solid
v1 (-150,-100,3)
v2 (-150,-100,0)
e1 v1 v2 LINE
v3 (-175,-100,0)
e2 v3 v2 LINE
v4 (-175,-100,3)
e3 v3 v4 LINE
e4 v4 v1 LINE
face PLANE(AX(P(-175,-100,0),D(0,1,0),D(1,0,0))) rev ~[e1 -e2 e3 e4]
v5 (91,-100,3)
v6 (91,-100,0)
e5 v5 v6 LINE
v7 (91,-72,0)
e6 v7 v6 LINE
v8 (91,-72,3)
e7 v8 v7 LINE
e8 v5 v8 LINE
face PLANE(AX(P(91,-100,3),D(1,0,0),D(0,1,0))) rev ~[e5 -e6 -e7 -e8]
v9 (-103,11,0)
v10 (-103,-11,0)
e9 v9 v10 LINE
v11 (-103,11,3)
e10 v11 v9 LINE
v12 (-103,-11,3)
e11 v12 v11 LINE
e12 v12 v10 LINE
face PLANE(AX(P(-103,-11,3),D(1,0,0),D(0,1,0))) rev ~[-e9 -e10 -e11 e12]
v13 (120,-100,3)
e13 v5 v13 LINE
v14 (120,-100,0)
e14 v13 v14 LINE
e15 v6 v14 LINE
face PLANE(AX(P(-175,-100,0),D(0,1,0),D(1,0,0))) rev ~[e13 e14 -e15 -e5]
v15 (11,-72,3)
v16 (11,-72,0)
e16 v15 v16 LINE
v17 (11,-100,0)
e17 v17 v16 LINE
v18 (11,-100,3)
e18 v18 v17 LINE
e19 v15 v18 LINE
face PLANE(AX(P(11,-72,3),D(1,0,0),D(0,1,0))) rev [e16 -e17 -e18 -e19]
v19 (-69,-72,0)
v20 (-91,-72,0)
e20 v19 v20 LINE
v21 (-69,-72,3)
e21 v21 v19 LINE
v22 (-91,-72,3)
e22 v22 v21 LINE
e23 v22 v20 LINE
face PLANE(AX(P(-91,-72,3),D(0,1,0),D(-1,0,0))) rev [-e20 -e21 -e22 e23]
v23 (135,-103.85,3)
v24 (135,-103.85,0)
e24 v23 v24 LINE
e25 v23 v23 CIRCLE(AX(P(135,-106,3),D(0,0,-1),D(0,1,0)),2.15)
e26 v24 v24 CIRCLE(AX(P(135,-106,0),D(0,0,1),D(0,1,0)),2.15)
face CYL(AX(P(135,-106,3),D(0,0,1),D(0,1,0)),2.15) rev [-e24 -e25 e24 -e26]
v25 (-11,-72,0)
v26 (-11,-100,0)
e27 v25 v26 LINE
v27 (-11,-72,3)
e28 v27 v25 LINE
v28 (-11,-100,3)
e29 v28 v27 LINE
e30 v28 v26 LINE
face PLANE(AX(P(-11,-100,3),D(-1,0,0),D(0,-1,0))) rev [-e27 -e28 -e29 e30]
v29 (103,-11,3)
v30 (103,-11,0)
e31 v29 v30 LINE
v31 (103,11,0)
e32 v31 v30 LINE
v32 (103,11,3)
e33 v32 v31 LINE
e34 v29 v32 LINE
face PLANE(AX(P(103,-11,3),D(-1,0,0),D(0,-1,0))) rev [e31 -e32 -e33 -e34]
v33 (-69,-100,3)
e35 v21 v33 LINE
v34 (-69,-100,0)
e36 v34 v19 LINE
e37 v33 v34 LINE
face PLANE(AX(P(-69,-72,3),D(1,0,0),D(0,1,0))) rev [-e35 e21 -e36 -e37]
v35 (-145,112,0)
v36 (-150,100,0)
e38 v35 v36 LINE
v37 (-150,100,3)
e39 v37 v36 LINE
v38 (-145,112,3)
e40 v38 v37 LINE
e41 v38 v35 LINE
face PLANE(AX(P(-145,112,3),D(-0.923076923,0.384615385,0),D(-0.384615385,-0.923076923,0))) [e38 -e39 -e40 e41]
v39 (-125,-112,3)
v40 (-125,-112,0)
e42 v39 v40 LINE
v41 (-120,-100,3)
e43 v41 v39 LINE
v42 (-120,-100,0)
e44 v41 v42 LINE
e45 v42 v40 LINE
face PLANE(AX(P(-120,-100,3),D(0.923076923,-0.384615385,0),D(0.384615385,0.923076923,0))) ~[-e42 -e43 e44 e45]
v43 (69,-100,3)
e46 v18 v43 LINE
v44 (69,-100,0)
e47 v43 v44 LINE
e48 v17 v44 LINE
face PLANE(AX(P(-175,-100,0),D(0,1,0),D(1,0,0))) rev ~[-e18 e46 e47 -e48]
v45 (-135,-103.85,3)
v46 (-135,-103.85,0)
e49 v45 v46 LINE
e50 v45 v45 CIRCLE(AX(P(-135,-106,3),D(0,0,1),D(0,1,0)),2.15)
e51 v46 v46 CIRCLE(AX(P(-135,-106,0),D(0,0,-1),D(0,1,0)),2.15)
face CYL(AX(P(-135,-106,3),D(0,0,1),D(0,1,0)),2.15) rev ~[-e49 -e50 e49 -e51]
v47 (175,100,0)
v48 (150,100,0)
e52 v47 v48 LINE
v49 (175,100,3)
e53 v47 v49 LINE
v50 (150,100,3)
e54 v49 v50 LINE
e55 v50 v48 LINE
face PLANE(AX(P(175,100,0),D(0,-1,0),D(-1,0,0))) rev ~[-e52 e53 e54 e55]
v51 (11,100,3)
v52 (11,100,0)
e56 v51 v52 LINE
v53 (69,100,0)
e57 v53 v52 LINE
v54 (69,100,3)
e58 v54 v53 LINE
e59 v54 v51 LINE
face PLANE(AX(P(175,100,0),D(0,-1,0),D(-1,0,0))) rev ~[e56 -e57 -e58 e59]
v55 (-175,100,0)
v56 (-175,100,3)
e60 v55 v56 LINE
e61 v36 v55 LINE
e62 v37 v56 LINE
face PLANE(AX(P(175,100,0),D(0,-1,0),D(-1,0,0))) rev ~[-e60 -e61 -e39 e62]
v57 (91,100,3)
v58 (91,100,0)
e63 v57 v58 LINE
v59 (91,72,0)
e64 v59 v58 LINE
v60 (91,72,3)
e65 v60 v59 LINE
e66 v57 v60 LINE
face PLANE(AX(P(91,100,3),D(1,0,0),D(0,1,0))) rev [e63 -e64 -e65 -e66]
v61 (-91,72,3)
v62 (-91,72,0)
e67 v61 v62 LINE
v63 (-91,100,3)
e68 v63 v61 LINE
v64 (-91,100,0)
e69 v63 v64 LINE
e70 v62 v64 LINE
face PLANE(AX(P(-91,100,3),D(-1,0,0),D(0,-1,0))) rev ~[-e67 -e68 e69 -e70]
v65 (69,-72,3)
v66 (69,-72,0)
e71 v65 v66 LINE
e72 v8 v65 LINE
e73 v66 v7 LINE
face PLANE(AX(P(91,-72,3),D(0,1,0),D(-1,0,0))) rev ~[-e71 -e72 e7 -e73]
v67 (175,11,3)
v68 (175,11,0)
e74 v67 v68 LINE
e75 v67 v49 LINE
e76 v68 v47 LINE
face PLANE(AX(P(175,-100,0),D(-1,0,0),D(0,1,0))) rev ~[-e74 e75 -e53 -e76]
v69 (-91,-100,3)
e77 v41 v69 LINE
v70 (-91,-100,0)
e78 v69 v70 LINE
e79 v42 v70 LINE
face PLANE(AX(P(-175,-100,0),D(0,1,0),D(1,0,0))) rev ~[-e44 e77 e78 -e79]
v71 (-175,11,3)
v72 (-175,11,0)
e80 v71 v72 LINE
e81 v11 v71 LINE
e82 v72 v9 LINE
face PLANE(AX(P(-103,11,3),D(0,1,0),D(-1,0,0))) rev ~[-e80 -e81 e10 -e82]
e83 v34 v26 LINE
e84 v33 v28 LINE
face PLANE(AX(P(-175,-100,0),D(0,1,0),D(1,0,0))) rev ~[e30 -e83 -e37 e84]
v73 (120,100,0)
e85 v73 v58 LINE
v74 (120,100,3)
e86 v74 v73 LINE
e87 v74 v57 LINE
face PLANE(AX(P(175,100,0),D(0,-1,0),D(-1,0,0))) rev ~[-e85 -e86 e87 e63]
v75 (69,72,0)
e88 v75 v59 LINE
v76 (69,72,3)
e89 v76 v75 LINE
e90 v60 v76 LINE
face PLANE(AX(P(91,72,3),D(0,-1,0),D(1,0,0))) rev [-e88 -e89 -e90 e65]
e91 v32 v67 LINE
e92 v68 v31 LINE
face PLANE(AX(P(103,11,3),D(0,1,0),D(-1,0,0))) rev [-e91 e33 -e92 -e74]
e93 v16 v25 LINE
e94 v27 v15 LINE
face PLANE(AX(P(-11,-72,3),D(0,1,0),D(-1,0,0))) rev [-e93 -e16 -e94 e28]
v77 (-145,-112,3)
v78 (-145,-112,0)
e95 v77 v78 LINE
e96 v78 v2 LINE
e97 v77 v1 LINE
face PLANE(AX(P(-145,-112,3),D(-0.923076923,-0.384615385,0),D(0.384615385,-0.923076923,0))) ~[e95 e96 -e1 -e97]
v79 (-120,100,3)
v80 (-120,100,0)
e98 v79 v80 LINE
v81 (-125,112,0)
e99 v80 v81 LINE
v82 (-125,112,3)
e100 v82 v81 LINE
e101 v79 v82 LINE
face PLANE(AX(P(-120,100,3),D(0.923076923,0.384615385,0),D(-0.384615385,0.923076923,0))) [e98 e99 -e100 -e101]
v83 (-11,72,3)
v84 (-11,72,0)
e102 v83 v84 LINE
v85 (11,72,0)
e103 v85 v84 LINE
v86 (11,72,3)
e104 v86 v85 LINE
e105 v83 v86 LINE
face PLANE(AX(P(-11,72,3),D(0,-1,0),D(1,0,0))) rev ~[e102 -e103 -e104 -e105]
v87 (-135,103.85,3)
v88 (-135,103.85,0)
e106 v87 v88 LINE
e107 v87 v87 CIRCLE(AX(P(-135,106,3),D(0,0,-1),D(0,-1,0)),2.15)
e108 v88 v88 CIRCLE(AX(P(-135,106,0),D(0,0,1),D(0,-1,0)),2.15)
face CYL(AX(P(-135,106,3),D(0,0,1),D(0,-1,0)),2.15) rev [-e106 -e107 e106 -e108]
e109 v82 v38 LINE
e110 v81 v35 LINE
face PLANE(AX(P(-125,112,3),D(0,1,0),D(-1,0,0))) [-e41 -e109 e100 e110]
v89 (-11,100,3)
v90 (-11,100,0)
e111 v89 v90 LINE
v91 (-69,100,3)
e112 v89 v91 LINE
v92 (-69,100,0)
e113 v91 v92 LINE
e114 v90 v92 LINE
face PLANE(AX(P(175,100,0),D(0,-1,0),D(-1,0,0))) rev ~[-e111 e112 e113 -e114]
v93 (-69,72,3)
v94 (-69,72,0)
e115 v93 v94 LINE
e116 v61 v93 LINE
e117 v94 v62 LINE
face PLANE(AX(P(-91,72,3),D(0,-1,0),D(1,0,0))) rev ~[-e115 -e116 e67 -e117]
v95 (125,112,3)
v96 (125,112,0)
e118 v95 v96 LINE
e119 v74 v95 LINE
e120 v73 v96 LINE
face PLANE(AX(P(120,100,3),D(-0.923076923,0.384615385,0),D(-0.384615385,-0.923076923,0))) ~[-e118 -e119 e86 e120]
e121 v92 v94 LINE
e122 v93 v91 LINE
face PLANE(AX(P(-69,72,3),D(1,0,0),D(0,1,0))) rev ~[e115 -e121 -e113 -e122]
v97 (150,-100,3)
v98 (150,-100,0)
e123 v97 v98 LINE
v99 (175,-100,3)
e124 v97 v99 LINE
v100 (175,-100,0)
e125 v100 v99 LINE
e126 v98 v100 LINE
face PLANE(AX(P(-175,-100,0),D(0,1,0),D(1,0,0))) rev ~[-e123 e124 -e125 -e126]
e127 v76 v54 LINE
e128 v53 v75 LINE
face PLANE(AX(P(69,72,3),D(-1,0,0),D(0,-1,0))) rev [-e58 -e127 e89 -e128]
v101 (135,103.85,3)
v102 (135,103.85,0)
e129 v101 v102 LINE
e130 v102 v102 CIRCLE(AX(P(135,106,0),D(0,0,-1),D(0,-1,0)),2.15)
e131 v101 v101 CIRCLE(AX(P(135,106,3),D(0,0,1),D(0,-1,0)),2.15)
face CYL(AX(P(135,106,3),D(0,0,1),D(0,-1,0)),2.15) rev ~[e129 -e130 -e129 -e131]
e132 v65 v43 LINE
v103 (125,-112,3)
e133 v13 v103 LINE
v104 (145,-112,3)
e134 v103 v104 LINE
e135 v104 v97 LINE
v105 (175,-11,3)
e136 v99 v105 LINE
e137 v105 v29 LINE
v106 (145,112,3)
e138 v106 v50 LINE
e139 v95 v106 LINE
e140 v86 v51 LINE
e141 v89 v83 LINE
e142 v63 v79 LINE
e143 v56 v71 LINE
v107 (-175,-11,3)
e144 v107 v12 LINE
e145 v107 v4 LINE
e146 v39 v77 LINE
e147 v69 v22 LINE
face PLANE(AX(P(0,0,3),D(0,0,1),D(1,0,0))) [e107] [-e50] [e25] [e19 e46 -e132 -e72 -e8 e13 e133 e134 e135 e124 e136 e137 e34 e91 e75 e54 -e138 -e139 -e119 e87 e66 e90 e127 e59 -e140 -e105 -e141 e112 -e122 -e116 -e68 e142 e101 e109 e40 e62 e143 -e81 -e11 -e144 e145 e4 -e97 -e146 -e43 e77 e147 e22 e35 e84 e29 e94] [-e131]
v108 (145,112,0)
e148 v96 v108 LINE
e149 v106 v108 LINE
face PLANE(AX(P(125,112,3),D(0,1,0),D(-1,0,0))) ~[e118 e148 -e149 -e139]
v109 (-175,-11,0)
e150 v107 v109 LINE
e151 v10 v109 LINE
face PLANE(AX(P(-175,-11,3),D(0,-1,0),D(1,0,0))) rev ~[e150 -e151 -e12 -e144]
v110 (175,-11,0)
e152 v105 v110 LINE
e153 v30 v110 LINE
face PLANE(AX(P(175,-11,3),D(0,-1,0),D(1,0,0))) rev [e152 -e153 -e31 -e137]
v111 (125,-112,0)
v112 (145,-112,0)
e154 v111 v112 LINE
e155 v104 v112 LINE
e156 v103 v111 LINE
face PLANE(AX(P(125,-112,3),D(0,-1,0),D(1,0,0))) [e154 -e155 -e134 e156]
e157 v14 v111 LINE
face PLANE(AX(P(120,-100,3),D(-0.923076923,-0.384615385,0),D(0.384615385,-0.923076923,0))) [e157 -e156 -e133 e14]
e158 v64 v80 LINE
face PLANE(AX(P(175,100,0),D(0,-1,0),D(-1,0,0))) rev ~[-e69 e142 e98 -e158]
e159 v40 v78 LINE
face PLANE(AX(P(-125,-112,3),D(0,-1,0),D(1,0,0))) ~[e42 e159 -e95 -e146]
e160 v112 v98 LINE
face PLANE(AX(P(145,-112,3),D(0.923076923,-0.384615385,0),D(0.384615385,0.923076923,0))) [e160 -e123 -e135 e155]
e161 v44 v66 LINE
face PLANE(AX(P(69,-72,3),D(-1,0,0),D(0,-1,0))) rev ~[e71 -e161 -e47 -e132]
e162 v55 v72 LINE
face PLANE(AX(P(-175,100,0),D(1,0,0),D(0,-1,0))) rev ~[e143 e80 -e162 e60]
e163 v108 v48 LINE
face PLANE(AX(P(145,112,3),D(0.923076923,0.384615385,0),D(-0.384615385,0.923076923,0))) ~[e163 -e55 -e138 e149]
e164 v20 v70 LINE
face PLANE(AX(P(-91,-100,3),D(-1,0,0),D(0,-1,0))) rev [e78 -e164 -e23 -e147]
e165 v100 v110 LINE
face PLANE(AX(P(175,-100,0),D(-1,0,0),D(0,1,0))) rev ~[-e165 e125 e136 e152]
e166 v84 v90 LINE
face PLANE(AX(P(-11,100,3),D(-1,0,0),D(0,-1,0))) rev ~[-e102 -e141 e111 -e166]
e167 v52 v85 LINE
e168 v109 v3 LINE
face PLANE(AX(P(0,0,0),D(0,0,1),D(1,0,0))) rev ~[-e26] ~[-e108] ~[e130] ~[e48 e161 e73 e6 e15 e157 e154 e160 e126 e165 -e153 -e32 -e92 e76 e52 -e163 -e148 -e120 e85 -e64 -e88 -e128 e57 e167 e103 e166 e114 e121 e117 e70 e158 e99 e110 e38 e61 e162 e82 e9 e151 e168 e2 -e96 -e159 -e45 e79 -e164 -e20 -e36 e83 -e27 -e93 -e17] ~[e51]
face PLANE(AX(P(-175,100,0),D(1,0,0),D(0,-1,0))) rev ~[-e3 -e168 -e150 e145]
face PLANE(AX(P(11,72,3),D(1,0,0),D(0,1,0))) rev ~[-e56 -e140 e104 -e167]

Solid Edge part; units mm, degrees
sketch "Sketch1" plane through (0, 0, 0) normal (0, 0, 1) x (1, 0, 0)
  line L0 (-175, -100) -> (175, -100)
  line L1 (175, -100) -> (175, 100)
  line L2 (175, 100) -> (-175, 100)
  line L3 (-175, 100) -> (-175, -100)
  dimension "D1" = 200
  dimension "D2" = 350
extrude "Protrusion1" add sketch "Sketch1" along normal blind 3
sketch "Sketch2" plane through (0, 0, 3) normal (0, 0, 1) x (1, 0, 0)
  line L0 (-69, 100) -> (-91, 100)
  line L1 (-91, 100) -> (-91, 72)
  line L2 (-91, 72) -> (-69, 72)
  line L3 (-69, 72) -> (-69, 100)
  line L4 (-11, 72) -> (11, 72)
  line L5 (11, 72) -> (11, 100)
  line L6 (11, 100) -> (-11, 100)
  line L7 (-11, 100) -> (-11, 72)
  line L8 (-175, -11) -> (-103, -11)
  line L9 (-103, -11) -> (-103, 11)
  line L10 (-103, 11) -> (-175, 11)
  line L11 (-175, 11) -> (-175, -11)
  dimension "D1" = 22
  dimension "D2" = 28
  dimension "D3" = 58
  dimension "D4" = 22
  dimension "D5" = 22
  dimension "D6" = 72
extrude "Cutout1" cut sketch "Sketch2" against normal up to next
sketch "Sketch3" plane through (0, 0, 3) normal (0, 0, 1) x (1, 0, 0)
  line L0 (-150, 100) -> (-120, 100)
  line L1 (-120, 100) -> (-125, 112)
  line L2 (-125, 112) -> (-145, 112)
  line L3 (-145, 112) -> (-150, 100)
  dimension "D1" = 12
  dimension "D2" = 30
  dimension "D3" = 20
  dimension "D4" = 120
extrude "Protrusion2" add sketch "Sketch3" against normal up to vertex (3 mm away)
hole "Hole_1" at (-135, 106, 3) direction (0, 0, -1) diameter 4.3 end up to next
mirror "Mirror1" about plane through (0, 0, 0) normal (0, -1, 0) of "Cutout1", "Protrusion2", "Hole_1"
mirror "Mirror2" about plane through (0, 0, 0) normal (1, 0, 0) of "Cutout1", "Protrusion2", "Hole_1", "Mirror1"
properties material "Glass, general industrial"
